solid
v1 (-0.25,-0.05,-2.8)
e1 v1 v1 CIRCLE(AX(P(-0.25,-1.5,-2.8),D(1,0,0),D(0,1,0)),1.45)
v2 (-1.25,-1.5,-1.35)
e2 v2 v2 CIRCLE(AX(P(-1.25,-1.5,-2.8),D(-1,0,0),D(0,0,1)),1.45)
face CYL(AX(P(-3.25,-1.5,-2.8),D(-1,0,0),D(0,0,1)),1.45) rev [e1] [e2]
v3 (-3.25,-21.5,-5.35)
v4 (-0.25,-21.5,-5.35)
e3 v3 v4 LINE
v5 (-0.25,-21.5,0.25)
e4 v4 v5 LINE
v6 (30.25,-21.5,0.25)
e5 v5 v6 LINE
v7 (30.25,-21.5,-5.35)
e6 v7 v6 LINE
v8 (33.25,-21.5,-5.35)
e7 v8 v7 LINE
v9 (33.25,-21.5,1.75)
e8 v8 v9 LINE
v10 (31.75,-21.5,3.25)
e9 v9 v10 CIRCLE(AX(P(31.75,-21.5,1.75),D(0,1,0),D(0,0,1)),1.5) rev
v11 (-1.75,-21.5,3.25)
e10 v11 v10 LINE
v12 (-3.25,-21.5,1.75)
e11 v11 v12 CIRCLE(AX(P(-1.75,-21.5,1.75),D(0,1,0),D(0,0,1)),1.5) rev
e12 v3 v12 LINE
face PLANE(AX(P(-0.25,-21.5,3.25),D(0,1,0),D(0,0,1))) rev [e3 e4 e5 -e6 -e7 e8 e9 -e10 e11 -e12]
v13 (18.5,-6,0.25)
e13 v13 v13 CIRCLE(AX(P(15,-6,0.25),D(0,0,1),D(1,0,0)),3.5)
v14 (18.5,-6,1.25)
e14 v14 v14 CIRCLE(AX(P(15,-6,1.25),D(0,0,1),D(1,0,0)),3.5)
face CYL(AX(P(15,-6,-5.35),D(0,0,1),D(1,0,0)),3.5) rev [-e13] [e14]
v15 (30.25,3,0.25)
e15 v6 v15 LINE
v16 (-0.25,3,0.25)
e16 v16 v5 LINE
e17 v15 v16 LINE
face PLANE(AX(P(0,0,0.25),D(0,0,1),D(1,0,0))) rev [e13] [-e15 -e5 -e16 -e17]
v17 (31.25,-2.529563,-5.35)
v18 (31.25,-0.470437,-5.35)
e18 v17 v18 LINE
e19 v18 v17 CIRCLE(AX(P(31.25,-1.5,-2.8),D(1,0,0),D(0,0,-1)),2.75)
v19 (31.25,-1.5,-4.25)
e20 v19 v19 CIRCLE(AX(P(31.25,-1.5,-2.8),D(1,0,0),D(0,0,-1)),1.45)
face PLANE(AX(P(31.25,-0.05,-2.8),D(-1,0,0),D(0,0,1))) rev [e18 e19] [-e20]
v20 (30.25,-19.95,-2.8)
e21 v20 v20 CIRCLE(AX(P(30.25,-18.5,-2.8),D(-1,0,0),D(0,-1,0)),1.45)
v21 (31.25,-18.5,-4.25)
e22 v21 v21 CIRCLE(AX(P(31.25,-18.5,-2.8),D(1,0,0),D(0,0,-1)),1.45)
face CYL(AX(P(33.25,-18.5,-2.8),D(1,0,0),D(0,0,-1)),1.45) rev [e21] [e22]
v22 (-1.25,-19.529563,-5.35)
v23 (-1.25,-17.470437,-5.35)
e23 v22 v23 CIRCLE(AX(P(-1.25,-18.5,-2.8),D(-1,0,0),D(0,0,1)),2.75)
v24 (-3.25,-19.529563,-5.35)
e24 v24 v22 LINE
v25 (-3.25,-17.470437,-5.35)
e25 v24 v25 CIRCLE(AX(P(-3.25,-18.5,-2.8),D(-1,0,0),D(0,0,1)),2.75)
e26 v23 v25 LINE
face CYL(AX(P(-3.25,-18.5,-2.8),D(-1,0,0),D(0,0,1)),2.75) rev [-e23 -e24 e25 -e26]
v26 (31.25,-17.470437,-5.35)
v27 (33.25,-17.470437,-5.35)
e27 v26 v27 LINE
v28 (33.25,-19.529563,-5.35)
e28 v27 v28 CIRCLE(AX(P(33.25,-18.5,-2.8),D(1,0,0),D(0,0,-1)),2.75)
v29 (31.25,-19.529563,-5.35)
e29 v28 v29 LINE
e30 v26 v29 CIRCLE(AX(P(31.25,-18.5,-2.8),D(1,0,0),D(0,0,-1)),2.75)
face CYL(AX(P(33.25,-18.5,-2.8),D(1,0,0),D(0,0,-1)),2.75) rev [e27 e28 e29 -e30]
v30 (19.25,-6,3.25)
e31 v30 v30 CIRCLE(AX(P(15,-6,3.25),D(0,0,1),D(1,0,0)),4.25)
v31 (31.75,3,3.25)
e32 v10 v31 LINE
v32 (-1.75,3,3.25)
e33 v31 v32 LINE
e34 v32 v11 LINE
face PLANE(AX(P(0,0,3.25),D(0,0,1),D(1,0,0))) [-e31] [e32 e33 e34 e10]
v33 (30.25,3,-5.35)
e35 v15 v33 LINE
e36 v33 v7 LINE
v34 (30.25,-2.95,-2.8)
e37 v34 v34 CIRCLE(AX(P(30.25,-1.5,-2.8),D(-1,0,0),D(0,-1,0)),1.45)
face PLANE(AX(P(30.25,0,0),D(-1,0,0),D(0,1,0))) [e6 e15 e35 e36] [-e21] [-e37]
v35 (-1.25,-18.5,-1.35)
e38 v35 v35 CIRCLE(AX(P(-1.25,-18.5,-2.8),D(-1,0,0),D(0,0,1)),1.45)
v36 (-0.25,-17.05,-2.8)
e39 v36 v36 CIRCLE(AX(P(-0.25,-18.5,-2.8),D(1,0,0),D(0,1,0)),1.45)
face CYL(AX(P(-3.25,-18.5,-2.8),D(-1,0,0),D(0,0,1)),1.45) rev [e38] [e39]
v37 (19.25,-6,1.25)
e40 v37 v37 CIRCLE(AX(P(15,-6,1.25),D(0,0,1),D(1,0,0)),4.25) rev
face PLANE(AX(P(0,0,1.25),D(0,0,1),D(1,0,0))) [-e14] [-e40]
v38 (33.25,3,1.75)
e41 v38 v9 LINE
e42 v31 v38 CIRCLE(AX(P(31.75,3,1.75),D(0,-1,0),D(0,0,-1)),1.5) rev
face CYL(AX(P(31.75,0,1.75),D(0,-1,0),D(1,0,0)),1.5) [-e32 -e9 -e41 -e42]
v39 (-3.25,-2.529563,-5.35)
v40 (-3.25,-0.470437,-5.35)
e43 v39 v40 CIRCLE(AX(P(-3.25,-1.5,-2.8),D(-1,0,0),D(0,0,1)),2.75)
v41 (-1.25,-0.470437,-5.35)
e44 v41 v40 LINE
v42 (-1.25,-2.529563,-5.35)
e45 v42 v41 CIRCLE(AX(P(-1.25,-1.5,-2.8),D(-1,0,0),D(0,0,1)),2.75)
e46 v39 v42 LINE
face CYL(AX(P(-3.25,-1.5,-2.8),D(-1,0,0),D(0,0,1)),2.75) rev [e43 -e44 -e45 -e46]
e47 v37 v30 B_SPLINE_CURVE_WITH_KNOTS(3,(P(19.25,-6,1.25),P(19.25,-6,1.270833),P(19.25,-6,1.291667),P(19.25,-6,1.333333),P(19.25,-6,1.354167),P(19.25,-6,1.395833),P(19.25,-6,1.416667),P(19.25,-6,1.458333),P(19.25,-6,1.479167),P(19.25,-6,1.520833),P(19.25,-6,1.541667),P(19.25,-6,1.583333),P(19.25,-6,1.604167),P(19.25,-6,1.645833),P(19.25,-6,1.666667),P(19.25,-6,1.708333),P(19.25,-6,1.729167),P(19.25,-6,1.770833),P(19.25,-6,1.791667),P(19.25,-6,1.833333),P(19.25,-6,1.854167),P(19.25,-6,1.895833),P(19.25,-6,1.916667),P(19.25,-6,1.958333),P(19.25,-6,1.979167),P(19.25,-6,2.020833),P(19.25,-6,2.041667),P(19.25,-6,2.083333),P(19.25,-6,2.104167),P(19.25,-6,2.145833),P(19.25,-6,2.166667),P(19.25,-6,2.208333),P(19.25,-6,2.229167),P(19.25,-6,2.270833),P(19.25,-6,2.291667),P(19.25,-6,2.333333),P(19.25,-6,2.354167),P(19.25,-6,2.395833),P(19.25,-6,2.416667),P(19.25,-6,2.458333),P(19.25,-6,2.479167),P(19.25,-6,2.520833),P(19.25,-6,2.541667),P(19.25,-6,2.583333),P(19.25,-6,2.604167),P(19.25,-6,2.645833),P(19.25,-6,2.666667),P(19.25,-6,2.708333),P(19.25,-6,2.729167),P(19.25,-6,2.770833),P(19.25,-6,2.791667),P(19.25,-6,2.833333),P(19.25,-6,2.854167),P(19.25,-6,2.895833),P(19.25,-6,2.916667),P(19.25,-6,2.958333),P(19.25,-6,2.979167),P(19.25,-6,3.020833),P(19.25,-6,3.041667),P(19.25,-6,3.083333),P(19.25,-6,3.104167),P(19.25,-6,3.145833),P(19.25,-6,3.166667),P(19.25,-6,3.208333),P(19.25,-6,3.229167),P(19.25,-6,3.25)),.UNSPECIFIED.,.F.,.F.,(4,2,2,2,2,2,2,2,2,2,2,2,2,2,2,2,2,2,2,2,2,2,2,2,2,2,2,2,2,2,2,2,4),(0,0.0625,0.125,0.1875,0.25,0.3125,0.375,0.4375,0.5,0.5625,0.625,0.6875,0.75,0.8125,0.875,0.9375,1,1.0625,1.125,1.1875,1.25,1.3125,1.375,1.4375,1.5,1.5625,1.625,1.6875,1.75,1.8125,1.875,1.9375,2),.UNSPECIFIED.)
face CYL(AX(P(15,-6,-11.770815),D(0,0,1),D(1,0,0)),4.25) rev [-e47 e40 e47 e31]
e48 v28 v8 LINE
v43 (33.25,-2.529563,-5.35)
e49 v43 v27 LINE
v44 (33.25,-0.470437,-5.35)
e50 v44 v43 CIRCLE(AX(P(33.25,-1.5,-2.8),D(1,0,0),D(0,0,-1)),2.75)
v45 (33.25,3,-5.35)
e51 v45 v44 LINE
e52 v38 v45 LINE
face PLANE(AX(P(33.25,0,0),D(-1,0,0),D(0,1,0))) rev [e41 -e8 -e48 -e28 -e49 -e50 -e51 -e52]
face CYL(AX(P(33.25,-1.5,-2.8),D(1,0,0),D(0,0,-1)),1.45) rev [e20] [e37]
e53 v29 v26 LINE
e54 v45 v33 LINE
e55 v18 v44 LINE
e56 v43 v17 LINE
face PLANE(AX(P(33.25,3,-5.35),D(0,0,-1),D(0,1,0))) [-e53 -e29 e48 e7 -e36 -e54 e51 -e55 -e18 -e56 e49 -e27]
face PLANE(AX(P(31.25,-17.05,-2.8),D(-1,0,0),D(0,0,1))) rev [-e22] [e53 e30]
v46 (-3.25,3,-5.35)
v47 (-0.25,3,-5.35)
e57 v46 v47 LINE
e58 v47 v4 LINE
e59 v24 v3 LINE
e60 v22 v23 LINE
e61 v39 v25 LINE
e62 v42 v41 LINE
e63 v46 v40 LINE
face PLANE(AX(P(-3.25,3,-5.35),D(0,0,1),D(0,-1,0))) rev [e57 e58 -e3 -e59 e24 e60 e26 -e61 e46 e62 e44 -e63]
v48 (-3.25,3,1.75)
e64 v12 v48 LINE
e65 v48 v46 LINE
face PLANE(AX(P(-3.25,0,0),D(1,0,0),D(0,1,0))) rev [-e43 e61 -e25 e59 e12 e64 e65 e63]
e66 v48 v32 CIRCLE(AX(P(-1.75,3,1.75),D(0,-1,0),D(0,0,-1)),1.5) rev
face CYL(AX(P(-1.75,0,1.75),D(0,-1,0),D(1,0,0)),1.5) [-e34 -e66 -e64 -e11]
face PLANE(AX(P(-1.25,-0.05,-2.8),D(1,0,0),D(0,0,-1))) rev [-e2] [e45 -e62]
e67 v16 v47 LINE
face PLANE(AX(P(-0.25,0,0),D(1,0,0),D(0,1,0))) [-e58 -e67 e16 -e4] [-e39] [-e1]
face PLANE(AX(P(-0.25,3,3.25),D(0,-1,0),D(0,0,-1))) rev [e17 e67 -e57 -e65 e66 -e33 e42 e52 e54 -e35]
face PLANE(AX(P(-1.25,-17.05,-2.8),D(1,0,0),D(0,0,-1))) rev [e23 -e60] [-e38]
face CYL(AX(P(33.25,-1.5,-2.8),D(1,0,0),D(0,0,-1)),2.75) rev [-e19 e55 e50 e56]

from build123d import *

# Parameters (mm, degrees)
RESSALTO_EXTRUS_O1_START         = 0.25
ESBO_O2_W                        = 30.5
ESBO_O2_H                        = 24.5
RESSALTO_EXTRUS_O1_DEPTH         = 3
ESBO_O3_W                        = 8.6
ESBO_O3_H                        = 24.5
RESSALTO_EXTRUS_O2_DEPTH         = 3
ESBO_O5_R                        = 4.25
CORTE_EXTRUS_O1_DEPTH            = 2
ESBO_O12_R                       = 3.5
CORTE_EXTRUS_O3_DEPTH            = 41.141904539
CBORE_FOR_M2_5_SHCS1_D           = 2.9
CBORE_FOR_M2_5_SHCS1_DEPTH       = 3
CBORE_FOR_M2_5_SHCS1_CBORE_D     = 5.5
CBORE_FOR_M2_5_SHCS1_CBORE_DEPTH = 2
FILETE1_R                        = 1.5


with BuildPart() as part:
    # Esboço2 → Ressalto-extrusão1 (new body)
    with BuildSketch(Plane.XY.offset(RESSALTO_EXTRUS_O1_START)):
        with Locations((15, -9.25)):
            Rectangle(ESBO_O2_W, ESBO_O2_H)
    extrude(amount=RESSALTO_EXTRUS_O1_DEPTH)

    # Esboço3 → Ressalto-extrusão2 (add)
    with BuildSketch(Plane.ZY.offset(0.25)):
        with Locations((-1.05, -9.25)):
            Rectangle(ESBO_O3_W, ESBO_O3_H)
    ressalto_extrus_o2 = extrude(amount=RESSALTO_EXTRUS_O2_DEPTH)

    # Espelhar1: Ressalto-extrusão2 across plane
    add(ressalto_extrus_o2.mirror(Plane.ZY.offset(-15)))

    # Esboço5 → Corte-extrusão1 (cut)
    with BuildSketch(Plane.XY.offset(3.25)):
        with Locations((15, -6)):
            Circle(ESBO_O5_R)
    extrude(amount=-CORTE_EXTRUS_O1_DEPTH, mode=Mode.SUBTRACT)

    # Esboço12 → Corte-extrusão3 (cut, through all)
    with BuildSketch(Plane.XY.offset(1.25)):
        with Locations((15, -6)):
            Circle(ESBO_O12_R)
    extrude(amount=-CORTE_EXTRUS_O3_DEPTH, mode=Mode.SUBTRACT)

    # CBORE for M2.5 SHCS1
    with Locations(Plane.ZY.offset(3.25)):
        with Locations((-2.8, -1.5), (-2.8, -18.5)):
            cbore_for_m2_5_shcs1 = CounterBoreHole(CBORE_FOR_M2_5_SHCS1_D / 2, CBORE_FOR_M2_5_SHCS1_CBORE_D / 2, CBORE_FOR_M2_5_SHCS1_CBORE_DEPTH, depth=CBORE_FOR_M2_5_SHCS1_DEPTH)

    # Mirror1: CBORE for M2.5 SHCS1 across plane
    add(cbore_for_m2_5_shcs1.mirror(Plane.ZY.offset(-15)), mode=Mode.SUBTRACT)

    # Filete1
    filete1_edges = [part.edges().sort_by_distance(p)[0] for p in [
        (-3.25, -9.25, 3.25),
        (33.25, -9.25, 3.25),
    ]]
    fillet(filete1_edges, radius=FILETE1_R)


solid = part.part
